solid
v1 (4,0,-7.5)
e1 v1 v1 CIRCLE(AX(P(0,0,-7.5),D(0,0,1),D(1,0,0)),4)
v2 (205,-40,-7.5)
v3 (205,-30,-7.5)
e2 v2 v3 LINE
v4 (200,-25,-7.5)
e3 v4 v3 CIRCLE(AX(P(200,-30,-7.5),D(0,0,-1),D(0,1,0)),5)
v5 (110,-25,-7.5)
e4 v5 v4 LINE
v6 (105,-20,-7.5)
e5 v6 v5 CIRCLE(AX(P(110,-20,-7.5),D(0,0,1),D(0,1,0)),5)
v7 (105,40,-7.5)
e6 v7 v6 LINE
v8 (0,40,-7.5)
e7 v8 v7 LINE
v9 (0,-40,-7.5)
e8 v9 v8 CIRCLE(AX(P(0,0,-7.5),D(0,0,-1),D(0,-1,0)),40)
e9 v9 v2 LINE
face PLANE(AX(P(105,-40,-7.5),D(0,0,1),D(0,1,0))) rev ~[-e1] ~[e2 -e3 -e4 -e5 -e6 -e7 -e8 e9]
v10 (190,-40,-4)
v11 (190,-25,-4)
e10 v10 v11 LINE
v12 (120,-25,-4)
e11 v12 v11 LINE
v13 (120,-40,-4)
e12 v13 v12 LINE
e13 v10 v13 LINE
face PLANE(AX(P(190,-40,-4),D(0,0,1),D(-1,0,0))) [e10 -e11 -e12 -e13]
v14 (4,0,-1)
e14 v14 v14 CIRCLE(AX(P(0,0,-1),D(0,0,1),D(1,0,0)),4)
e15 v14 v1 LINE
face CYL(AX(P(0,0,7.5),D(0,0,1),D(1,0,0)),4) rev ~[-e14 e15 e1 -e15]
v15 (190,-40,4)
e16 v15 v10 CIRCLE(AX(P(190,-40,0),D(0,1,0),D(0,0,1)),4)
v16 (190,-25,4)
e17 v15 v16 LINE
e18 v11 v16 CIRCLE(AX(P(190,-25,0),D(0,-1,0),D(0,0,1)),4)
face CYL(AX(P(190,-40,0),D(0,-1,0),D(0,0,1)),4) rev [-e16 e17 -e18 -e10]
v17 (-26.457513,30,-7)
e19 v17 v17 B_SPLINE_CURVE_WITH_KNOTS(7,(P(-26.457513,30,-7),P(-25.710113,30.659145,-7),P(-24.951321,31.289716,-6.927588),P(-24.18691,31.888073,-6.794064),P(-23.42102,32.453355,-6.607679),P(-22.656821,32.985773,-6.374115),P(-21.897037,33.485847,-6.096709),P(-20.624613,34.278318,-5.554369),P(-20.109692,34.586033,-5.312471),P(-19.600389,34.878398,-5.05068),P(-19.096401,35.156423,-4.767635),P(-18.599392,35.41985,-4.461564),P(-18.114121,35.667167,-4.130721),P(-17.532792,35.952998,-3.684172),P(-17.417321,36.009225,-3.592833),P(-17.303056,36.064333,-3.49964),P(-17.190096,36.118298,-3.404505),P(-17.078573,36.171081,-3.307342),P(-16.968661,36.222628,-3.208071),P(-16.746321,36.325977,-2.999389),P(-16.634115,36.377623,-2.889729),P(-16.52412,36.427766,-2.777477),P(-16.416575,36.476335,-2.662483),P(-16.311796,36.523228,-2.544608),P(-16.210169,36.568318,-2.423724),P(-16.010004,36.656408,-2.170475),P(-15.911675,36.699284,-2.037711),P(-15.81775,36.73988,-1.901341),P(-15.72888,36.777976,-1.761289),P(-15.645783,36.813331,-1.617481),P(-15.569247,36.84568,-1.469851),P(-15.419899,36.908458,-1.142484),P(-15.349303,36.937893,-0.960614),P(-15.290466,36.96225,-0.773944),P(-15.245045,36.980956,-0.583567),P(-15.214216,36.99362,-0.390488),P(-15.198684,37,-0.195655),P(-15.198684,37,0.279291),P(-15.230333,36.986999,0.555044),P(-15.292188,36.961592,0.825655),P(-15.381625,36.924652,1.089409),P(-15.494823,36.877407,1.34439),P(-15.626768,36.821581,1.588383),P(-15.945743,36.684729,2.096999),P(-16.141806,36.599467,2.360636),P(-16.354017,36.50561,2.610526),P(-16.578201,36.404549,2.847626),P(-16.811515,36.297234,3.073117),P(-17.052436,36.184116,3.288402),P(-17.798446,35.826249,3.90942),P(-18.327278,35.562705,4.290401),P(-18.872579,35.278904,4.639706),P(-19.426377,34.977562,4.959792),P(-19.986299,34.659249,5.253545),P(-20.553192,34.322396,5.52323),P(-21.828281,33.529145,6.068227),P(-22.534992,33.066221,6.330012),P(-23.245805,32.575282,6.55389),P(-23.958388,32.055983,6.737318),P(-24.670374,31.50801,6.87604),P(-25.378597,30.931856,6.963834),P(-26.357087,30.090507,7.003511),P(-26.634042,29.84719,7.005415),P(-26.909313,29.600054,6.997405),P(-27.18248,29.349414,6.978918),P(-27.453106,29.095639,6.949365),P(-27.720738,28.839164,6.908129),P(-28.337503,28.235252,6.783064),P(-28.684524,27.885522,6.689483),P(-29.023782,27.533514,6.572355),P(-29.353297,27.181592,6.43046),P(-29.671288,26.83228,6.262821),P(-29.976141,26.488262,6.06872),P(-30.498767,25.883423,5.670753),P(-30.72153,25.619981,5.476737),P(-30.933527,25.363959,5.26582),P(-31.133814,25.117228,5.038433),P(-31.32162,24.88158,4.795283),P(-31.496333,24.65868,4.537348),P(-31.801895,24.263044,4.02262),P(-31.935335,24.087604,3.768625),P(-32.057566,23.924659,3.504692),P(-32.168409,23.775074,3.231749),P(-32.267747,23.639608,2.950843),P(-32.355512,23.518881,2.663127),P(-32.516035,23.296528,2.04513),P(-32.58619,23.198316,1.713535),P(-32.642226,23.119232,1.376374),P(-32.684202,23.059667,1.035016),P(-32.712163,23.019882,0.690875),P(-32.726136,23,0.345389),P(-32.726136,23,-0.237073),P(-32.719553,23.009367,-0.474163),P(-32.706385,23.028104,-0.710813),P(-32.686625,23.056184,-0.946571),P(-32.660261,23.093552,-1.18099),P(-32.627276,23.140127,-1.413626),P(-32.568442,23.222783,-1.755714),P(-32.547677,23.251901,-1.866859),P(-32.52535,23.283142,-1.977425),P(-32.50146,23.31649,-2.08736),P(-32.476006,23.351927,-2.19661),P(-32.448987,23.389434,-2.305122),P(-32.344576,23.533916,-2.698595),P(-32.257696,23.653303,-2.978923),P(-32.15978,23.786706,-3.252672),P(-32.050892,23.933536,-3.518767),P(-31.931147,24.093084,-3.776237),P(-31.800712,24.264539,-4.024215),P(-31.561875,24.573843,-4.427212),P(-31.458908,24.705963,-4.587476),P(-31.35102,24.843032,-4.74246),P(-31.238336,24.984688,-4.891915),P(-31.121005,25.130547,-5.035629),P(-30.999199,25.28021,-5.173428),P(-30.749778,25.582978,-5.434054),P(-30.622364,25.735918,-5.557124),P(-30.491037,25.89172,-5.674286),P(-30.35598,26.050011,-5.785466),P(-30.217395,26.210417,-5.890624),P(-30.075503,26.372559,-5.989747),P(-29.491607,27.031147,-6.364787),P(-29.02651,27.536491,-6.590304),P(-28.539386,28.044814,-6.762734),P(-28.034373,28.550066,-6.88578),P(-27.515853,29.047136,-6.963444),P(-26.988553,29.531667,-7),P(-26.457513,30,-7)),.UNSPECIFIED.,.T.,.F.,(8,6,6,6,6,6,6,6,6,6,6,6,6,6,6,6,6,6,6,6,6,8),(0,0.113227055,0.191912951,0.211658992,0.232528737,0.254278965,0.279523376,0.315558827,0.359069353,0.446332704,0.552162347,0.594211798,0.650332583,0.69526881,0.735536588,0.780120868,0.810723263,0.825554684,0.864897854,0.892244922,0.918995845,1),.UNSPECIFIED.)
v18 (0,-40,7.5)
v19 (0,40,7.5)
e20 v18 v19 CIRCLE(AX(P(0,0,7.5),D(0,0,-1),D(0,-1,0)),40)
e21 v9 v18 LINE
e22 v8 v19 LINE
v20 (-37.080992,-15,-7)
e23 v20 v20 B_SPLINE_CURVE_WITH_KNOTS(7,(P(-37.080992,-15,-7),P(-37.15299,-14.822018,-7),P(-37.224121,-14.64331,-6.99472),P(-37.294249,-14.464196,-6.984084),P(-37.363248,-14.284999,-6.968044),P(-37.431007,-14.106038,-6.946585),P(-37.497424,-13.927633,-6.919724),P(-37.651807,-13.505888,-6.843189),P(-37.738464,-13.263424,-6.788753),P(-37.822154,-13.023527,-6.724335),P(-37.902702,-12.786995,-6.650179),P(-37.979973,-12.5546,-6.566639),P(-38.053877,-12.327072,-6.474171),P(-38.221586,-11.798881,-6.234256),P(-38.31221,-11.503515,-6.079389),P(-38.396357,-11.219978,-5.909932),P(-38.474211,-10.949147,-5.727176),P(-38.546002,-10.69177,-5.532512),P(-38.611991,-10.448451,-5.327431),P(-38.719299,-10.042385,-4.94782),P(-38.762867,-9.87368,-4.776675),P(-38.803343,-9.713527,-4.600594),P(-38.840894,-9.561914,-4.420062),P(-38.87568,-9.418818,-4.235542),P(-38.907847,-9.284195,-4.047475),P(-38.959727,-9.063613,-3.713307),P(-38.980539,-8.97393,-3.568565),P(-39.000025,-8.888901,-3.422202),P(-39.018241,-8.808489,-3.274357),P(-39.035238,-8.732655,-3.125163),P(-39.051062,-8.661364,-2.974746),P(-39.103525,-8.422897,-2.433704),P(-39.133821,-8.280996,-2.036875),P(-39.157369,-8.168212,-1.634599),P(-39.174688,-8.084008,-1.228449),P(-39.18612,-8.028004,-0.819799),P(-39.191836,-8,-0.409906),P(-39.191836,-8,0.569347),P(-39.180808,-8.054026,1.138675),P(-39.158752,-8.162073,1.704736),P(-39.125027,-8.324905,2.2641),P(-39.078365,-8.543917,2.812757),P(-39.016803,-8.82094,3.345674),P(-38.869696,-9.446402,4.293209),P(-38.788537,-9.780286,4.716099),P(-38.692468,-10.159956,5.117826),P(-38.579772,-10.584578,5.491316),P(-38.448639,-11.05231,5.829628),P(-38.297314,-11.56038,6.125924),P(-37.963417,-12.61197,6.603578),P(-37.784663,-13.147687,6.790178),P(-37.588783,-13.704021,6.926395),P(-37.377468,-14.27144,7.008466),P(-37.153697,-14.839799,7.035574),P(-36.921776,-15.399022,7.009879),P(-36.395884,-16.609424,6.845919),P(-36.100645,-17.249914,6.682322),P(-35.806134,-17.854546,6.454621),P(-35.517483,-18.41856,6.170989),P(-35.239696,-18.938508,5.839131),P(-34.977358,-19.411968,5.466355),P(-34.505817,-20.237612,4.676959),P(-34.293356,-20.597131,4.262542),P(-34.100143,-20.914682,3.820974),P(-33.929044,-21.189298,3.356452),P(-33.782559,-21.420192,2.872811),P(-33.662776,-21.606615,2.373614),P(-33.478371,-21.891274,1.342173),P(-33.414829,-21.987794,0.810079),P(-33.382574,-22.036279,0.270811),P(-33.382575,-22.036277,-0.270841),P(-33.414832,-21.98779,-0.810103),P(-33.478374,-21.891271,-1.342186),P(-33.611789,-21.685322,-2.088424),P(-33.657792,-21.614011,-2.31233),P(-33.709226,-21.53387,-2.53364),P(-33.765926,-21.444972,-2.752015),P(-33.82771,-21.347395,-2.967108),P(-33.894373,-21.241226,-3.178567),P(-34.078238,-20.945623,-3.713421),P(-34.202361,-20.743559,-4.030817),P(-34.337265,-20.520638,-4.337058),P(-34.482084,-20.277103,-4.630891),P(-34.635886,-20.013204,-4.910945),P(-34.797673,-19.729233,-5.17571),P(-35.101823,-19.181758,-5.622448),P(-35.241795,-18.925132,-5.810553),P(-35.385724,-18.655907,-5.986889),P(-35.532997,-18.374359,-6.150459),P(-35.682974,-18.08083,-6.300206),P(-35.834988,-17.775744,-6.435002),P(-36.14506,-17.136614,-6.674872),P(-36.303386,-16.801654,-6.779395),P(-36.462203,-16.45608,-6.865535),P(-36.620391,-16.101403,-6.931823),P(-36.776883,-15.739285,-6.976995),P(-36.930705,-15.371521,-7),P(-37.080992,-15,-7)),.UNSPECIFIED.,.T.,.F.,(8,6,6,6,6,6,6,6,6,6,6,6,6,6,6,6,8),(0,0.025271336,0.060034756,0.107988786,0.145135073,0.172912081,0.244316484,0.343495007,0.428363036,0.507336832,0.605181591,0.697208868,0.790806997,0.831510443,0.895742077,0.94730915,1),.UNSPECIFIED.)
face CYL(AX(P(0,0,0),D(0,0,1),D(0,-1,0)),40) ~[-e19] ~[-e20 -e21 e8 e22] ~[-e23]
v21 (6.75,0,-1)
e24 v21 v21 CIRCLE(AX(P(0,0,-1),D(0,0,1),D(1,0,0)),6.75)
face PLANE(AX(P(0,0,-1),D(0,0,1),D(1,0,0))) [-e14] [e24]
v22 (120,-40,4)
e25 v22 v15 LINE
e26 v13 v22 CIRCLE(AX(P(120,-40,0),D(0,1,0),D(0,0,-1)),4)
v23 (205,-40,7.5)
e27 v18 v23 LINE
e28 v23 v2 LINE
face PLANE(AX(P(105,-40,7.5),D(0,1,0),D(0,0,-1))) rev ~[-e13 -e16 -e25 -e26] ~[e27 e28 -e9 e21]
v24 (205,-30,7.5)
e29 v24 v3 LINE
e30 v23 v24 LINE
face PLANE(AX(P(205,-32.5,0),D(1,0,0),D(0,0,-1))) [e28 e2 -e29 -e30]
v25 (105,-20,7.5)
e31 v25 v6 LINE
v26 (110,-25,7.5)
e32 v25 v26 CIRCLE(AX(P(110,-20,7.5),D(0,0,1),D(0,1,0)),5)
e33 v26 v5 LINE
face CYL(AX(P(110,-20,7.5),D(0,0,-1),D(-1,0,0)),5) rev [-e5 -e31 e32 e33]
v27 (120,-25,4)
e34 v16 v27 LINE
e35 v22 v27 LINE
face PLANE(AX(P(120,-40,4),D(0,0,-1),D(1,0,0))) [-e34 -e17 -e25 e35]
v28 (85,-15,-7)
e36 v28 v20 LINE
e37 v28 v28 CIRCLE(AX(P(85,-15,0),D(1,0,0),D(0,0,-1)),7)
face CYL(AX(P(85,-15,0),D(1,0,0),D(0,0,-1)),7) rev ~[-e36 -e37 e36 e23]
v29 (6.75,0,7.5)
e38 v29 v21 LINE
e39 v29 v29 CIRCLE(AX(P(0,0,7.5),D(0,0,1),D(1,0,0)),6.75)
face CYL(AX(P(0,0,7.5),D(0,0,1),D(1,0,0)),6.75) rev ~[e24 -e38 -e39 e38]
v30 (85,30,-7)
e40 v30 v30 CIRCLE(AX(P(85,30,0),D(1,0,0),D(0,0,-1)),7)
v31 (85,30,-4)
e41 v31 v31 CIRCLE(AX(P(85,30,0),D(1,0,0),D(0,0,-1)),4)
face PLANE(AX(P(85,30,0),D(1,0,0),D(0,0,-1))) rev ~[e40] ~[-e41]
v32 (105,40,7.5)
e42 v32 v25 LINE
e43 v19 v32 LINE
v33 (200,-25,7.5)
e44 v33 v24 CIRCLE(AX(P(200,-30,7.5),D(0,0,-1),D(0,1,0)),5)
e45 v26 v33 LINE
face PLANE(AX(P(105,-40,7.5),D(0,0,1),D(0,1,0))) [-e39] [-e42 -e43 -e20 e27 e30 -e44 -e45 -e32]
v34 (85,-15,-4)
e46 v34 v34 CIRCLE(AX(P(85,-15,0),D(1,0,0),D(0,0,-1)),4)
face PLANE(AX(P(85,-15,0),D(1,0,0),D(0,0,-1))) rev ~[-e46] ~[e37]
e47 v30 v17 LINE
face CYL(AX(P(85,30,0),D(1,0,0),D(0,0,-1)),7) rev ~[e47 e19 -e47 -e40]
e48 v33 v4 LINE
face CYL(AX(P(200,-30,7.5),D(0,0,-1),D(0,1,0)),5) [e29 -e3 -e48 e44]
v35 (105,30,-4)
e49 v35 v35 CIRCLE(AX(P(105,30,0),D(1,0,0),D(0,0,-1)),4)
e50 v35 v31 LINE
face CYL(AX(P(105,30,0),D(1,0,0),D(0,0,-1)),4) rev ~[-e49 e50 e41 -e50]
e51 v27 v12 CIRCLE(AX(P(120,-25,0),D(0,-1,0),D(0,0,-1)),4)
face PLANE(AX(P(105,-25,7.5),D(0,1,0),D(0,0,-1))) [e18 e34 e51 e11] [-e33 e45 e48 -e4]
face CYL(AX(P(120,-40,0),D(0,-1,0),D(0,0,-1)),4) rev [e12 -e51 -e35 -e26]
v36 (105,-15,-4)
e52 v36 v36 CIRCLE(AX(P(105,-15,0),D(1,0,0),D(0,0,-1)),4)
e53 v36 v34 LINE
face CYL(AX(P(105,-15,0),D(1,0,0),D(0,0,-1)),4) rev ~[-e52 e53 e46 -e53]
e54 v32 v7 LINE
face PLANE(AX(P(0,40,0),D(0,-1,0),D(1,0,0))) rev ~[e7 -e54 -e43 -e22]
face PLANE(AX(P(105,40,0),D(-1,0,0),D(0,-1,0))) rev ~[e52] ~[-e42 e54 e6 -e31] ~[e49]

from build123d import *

# Parameters (mm, degrees)
ESTRUSIONE1_DEPTH        = 7.5
SCHIZZO2_R               = 4
TAGLIO_ESTRUSIONE1_DEPTH = 15
SCHIZZO4_R               = 6.75
TAGLIO_ESTRUSIONE3_DEPTH = 8.5
SCHIZZO11_W              = 15
SCHIZZO11_H              = 15
ESTRUSIONE3_DEPTH        = 100
RACCORDO2_R              = 5
SCHIZZO13_R              = 4
TAGLIO_ESTRUSIONE4_DEPTH = 151.602954818
SCHIZZO14_R              = 7
TAGLIO_ESTRUSIONE5_DEPTH = 132.458168383
TAGLIO_ESTRUSIONE6_DEPTH = 100


with BuildPart() as part:
    # Schizzo1 → Estrusione1 (new, symmetric)
    with BuildSketch(Plane.XY):
        with BuildLine():
            Line((0, 40), (105, 40))
            Line((105, 40), (105, -40))
            Line((105, -40), (0, -40))
            ThreePointArc((0, -40), (-40, 0), (0, 40))
        make_face()
    extrude(amount=ESTRUSIONE1_DEPTH, both=True)

    # Schizzo2 → Taglio-Estrusione1 (cut)
    with BuildSketch(Plane.XY.offset(7.5)):
        Circle(SCHIZZO2_R)
    extrude(amount=-TAGLIO_ESTRUSIONE1_DEPTH, mode=Mode.SUBTRACT)

    # Schizzo4 → Taglio-Estrusione3 (cut)
    with BuildSketch(Plane.XY.offset(7.5)):
        Circle(SCHIZZO4_R)
    extrude(amount=-TAGLIO_ESTRUSIONE3_DEPTH, mode=Mode.SUBTRACT)

    # Schizzo11 → Estrusione3 (add)
    with BuildSketch(Plane(origin=(105, 0, 0), x_dir=(0, 0, -1), z_dir=(1, 0, 0))):
        with Locations((0, -32.5)):
            Rectangle(SCHIZZO11_W, SCHIZZO11_H)
    extrude(amount=ESTRUSIONE3_DEPTH)

    # Raccordo2
    raccordo2_edges = [part.edges().sort_by_distance(p)[0] for p in [
        (105, -25, 0),
        (205, -25, 0),
    ]]
    fillet(raccordo2_edges, radius=RACCORDO2_R)

    # Schizzo13 → Taglio-Estrusione4 (cut, through all)
    with BuildSketch(Plane(origin=(105, 0, 0), x_dir=(0, 0, -1), z_dir=(1, 0, 0))):
        with Locations((0, -15)):
            Circle(SCHIZZO13_R)
        with Locations((0, 30)):
            Circle(SCHIZZO13_R)
    extrude(amount=-TAGLIO_ESTRUSIONE4_DEPTH, mode=Mode.SUBTRACT)

    # Schizzo14 → Taglio-Estrusione5 (cut, through all)
    with BuildSketch(Plane(origin=(85, 0, 0), x_dir=(0, 0, -1), z_dir=(1, 0, 0))):
        with Locations((0, 30)):
            Circle(SCHIZZO14_R)
        with Locations((0, -15)):
            Circle(SCHIZZO14_R)
    extrude(amount=-TAGLIO_ESTRUSIONE5_DEPTH, mode=Mode.SUBTRACT)

    # Schizzo15 → Taglio-Estrusione6 (cut)
    with BuildSketch(Plane.XZ.offset(40)):
        with BuildLine():
            Line((120, 4), (190, 4))
            ThreePointArc((190, 4), (194, 0), (190, -4))
            Line((190, -4), (120, -4))
            ThreePointArc((120, -4), (116, 0), (120, 4))
        make_face()
    extrude(amount=-TAGLIO_ESTRUSIONE6_DEPTH, mode=Mode.SUBTRACT)


solid = part.part
